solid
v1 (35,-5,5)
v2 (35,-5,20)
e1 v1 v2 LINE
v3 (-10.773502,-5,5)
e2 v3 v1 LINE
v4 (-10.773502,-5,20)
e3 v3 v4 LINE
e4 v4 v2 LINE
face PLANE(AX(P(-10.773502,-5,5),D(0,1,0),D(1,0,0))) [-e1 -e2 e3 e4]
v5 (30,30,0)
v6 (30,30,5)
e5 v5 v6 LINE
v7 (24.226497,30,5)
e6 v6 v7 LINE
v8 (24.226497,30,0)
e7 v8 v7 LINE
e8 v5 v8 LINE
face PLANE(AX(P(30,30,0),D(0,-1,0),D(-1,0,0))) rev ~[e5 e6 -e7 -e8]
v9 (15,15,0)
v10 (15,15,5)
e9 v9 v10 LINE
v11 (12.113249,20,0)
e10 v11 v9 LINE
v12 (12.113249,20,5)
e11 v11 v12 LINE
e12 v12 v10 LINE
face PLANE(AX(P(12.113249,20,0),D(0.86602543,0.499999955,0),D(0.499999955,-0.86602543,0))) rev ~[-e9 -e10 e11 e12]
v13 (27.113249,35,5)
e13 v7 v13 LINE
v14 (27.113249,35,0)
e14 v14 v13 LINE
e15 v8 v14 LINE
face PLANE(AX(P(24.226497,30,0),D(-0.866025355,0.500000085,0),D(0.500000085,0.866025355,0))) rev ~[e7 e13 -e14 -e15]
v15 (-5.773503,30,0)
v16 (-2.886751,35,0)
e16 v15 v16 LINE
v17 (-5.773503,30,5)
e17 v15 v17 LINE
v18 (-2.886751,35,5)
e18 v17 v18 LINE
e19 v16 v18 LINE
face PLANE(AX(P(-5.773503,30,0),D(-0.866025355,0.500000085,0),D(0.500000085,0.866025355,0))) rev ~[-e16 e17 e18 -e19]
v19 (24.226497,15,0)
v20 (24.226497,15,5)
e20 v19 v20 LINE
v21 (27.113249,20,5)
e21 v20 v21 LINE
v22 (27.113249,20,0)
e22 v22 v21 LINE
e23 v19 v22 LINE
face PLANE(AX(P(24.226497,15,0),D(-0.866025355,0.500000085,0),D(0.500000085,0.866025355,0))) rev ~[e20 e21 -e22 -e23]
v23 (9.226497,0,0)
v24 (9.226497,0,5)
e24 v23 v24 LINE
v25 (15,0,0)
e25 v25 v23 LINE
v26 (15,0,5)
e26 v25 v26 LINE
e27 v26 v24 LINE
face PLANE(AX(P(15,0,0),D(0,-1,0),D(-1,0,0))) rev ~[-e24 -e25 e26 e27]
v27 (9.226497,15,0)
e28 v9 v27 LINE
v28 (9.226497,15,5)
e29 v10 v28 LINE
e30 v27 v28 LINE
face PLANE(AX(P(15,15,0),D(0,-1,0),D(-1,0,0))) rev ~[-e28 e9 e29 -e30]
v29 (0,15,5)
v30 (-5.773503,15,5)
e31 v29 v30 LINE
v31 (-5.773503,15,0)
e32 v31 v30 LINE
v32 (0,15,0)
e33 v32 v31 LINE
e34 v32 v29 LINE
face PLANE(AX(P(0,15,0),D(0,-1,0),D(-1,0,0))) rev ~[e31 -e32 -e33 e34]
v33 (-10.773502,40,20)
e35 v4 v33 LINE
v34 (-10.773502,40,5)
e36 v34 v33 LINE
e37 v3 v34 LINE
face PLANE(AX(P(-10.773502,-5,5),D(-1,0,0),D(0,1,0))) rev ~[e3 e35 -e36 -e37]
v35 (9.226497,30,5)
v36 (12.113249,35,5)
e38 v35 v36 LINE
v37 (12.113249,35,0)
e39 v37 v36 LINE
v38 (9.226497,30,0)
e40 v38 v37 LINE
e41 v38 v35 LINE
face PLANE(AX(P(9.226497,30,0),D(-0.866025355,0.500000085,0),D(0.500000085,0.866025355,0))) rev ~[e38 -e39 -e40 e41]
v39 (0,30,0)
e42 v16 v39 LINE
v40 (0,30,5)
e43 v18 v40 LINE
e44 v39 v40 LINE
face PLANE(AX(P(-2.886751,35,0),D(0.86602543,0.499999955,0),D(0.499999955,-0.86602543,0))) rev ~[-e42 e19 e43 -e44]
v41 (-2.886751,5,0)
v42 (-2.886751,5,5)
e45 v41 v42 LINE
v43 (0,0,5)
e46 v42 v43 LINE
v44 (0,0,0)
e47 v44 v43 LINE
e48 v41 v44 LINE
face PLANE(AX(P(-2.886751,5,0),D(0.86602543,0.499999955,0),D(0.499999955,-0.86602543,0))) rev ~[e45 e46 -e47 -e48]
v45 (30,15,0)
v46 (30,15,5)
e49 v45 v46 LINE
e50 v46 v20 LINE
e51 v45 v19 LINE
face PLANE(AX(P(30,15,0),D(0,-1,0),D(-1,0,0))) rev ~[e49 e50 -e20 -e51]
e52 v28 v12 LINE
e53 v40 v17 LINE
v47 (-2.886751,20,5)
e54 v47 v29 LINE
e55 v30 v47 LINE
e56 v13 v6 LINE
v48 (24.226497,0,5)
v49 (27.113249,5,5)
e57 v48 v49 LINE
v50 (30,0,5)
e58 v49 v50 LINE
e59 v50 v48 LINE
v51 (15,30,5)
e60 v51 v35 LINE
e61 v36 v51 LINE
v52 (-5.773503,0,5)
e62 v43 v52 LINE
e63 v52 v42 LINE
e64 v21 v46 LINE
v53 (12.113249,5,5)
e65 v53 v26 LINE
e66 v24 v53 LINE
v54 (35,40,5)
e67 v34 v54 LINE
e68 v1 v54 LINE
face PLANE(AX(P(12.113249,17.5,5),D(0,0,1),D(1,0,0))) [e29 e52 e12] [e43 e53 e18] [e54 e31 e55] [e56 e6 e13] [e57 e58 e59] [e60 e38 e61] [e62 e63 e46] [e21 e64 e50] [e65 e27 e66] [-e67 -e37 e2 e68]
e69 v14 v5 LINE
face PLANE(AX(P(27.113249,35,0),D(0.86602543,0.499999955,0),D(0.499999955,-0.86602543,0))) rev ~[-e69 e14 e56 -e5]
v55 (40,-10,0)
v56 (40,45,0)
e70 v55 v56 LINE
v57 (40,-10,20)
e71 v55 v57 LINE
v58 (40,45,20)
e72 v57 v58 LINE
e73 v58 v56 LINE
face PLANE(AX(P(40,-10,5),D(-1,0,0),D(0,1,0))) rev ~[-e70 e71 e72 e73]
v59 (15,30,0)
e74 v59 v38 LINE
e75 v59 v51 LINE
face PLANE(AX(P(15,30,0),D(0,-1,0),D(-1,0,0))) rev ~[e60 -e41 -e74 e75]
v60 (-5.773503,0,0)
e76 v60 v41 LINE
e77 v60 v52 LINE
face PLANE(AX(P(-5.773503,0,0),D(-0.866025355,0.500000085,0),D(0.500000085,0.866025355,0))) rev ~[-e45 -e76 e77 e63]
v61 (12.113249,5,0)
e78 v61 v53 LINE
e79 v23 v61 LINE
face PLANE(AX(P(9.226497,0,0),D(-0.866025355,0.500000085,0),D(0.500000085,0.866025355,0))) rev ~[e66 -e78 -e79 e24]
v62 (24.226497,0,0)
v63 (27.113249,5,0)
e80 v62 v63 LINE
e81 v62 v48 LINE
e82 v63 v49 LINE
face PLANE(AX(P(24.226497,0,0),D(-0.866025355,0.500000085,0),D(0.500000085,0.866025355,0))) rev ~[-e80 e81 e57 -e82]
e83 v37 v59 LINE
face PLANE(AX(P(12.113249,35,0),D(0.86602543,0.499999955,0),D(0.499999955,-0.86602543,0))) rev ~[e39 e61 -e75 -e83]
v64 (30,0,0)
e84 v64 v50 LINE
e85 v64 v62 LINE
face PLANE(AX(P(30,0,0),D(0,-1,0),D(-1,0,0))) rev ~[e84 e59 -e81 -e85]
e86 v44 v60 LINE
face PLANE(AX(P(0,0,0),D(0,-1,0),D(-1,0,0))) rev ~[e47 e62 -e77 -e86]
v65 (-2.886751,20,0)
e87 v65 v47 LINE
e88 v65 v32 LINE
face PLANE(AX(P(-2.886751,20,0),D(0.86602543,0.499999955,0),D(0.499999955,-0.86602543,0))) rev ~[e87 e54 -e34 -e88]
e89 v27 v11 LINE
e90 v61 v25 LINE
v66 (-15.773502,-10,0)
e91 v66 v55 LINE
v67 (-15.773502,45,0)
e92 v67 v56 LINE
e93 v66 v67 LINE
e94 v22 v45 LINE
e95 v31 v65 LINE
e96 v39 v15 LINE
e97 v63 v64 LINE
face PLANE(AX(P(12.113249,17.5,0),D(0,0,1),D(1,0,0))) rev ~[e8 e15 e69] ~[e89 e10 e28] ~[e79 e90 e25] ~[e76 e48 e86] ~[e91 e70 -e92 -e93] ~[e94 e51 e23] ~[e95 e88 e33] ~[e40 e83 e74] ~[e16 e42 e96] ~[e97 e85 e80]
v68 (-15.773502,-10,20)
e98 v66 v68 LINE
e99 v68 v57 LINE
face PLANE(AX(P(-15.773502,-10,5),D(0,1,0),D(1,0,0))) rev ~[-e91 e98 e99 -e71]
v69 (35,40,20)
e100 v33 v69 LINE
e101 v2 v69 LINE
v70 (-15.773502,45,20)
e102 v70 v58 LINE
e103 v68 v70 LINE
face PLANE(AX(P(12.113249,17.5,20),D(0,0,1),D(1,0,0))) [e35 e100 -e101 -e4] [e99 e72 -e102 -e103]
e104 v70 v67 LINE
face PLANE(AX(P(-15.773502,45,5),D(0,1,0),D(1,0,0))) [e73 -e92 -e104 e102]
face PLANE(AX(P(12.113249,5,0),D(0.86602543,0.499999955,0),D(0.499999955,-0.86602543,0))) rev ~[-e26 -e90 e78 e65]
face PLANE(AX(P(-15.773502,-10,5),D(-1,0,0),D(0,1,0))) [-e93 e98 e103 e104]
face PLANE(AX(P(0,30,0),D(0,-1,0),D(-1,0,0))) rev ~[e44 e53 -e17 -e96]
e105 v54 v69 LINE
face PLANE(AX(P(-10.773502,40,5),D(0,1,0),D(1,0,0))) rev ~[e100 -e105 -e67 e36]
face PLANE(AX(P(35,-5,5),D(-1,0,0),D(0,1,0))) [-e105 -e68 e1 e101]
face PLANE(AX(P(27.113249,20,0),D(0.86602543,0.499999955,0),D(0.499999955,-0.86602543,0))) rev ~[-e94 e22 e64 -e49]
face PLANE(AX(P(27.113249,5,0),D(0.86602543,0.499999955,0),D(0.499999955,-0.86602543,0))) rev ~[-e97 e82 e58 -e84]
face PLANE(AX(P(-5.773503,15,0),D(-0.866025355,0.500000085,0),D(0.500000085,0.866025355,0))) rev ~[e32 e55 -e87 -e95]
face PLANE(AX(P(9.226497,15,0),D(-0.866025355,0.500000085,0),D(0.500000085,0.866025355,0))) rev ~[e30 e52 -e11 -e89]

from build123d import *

# Parameters (mm, degrees)
F0_W     = 55.773503
F0_H     = 55
F1_DEPTH = 5
F2_W     = 55.773503
F2_H     = 55
F2_W_2   = 45.773503
F2_H_2   = 45
F3_DEPTH = 15


with BuildPart() as f1:
    # F0 (on Top) → F1 (new body)
    with BuildSketch(Plane.XY):
        with Locations((12.113249, 17.5)):
            Rectangle(F0_W, F0_H)
        Polygon((-5.773503, 0), (-2.886751, 5), (0, 0), align=None, mode=Mode.SUBTRACT)
        Polygon((12.113249, 5), (15, 0), (9.226497, 0), align=None, mode=Mode.SUBTRACT)
        Polygon((27.113249, 5), (30, 0), (24.226497, 0), align=None, mode=Mode.SUBTRACT)
        Polygon((-2.886751, 20), (0, 15), (-5.773503, 15), align=None, mode=Mode.SUBTRACT)
        Polygon((12.113249, 20), (15, 15), (9.226497, 15), align=None, mode=Mode.SUBTRACT)
        Polygon((-2.886751, 35), (0, 30), (-5.773503, 30), align=None, mode=Mode.SUBTRACT)
        Polygon((12.113249, 35), (15, 30), (9.226497, 30), align=None, mode=Mode.SUBTRACT)
        Polygon((27.113249, 20), (30, 15), (24.226497, 15), align=None, mode=Mode.SUBTRACT)
        Polygon((27.113249, 35), (30, 30), (24.226497, 30), align=None, mode=Mode.SUBTRACT)
    extrude(amount=F1_DEPTH)

    # F2 (on face) → F3 (join)
    with BuildSketch(Plane.XY.offset(5)):
        with Locations((12.113249, 17.5)):
            Rectangle(F2_W, F2_H)
        with Locations((12.113249, 17.5)):
            Rectangle(F2_W_2, F2_H_2, mode=Mode.SUBTRACT)
    extrude(amount=F3_DEPTH)


solid = f1.part
